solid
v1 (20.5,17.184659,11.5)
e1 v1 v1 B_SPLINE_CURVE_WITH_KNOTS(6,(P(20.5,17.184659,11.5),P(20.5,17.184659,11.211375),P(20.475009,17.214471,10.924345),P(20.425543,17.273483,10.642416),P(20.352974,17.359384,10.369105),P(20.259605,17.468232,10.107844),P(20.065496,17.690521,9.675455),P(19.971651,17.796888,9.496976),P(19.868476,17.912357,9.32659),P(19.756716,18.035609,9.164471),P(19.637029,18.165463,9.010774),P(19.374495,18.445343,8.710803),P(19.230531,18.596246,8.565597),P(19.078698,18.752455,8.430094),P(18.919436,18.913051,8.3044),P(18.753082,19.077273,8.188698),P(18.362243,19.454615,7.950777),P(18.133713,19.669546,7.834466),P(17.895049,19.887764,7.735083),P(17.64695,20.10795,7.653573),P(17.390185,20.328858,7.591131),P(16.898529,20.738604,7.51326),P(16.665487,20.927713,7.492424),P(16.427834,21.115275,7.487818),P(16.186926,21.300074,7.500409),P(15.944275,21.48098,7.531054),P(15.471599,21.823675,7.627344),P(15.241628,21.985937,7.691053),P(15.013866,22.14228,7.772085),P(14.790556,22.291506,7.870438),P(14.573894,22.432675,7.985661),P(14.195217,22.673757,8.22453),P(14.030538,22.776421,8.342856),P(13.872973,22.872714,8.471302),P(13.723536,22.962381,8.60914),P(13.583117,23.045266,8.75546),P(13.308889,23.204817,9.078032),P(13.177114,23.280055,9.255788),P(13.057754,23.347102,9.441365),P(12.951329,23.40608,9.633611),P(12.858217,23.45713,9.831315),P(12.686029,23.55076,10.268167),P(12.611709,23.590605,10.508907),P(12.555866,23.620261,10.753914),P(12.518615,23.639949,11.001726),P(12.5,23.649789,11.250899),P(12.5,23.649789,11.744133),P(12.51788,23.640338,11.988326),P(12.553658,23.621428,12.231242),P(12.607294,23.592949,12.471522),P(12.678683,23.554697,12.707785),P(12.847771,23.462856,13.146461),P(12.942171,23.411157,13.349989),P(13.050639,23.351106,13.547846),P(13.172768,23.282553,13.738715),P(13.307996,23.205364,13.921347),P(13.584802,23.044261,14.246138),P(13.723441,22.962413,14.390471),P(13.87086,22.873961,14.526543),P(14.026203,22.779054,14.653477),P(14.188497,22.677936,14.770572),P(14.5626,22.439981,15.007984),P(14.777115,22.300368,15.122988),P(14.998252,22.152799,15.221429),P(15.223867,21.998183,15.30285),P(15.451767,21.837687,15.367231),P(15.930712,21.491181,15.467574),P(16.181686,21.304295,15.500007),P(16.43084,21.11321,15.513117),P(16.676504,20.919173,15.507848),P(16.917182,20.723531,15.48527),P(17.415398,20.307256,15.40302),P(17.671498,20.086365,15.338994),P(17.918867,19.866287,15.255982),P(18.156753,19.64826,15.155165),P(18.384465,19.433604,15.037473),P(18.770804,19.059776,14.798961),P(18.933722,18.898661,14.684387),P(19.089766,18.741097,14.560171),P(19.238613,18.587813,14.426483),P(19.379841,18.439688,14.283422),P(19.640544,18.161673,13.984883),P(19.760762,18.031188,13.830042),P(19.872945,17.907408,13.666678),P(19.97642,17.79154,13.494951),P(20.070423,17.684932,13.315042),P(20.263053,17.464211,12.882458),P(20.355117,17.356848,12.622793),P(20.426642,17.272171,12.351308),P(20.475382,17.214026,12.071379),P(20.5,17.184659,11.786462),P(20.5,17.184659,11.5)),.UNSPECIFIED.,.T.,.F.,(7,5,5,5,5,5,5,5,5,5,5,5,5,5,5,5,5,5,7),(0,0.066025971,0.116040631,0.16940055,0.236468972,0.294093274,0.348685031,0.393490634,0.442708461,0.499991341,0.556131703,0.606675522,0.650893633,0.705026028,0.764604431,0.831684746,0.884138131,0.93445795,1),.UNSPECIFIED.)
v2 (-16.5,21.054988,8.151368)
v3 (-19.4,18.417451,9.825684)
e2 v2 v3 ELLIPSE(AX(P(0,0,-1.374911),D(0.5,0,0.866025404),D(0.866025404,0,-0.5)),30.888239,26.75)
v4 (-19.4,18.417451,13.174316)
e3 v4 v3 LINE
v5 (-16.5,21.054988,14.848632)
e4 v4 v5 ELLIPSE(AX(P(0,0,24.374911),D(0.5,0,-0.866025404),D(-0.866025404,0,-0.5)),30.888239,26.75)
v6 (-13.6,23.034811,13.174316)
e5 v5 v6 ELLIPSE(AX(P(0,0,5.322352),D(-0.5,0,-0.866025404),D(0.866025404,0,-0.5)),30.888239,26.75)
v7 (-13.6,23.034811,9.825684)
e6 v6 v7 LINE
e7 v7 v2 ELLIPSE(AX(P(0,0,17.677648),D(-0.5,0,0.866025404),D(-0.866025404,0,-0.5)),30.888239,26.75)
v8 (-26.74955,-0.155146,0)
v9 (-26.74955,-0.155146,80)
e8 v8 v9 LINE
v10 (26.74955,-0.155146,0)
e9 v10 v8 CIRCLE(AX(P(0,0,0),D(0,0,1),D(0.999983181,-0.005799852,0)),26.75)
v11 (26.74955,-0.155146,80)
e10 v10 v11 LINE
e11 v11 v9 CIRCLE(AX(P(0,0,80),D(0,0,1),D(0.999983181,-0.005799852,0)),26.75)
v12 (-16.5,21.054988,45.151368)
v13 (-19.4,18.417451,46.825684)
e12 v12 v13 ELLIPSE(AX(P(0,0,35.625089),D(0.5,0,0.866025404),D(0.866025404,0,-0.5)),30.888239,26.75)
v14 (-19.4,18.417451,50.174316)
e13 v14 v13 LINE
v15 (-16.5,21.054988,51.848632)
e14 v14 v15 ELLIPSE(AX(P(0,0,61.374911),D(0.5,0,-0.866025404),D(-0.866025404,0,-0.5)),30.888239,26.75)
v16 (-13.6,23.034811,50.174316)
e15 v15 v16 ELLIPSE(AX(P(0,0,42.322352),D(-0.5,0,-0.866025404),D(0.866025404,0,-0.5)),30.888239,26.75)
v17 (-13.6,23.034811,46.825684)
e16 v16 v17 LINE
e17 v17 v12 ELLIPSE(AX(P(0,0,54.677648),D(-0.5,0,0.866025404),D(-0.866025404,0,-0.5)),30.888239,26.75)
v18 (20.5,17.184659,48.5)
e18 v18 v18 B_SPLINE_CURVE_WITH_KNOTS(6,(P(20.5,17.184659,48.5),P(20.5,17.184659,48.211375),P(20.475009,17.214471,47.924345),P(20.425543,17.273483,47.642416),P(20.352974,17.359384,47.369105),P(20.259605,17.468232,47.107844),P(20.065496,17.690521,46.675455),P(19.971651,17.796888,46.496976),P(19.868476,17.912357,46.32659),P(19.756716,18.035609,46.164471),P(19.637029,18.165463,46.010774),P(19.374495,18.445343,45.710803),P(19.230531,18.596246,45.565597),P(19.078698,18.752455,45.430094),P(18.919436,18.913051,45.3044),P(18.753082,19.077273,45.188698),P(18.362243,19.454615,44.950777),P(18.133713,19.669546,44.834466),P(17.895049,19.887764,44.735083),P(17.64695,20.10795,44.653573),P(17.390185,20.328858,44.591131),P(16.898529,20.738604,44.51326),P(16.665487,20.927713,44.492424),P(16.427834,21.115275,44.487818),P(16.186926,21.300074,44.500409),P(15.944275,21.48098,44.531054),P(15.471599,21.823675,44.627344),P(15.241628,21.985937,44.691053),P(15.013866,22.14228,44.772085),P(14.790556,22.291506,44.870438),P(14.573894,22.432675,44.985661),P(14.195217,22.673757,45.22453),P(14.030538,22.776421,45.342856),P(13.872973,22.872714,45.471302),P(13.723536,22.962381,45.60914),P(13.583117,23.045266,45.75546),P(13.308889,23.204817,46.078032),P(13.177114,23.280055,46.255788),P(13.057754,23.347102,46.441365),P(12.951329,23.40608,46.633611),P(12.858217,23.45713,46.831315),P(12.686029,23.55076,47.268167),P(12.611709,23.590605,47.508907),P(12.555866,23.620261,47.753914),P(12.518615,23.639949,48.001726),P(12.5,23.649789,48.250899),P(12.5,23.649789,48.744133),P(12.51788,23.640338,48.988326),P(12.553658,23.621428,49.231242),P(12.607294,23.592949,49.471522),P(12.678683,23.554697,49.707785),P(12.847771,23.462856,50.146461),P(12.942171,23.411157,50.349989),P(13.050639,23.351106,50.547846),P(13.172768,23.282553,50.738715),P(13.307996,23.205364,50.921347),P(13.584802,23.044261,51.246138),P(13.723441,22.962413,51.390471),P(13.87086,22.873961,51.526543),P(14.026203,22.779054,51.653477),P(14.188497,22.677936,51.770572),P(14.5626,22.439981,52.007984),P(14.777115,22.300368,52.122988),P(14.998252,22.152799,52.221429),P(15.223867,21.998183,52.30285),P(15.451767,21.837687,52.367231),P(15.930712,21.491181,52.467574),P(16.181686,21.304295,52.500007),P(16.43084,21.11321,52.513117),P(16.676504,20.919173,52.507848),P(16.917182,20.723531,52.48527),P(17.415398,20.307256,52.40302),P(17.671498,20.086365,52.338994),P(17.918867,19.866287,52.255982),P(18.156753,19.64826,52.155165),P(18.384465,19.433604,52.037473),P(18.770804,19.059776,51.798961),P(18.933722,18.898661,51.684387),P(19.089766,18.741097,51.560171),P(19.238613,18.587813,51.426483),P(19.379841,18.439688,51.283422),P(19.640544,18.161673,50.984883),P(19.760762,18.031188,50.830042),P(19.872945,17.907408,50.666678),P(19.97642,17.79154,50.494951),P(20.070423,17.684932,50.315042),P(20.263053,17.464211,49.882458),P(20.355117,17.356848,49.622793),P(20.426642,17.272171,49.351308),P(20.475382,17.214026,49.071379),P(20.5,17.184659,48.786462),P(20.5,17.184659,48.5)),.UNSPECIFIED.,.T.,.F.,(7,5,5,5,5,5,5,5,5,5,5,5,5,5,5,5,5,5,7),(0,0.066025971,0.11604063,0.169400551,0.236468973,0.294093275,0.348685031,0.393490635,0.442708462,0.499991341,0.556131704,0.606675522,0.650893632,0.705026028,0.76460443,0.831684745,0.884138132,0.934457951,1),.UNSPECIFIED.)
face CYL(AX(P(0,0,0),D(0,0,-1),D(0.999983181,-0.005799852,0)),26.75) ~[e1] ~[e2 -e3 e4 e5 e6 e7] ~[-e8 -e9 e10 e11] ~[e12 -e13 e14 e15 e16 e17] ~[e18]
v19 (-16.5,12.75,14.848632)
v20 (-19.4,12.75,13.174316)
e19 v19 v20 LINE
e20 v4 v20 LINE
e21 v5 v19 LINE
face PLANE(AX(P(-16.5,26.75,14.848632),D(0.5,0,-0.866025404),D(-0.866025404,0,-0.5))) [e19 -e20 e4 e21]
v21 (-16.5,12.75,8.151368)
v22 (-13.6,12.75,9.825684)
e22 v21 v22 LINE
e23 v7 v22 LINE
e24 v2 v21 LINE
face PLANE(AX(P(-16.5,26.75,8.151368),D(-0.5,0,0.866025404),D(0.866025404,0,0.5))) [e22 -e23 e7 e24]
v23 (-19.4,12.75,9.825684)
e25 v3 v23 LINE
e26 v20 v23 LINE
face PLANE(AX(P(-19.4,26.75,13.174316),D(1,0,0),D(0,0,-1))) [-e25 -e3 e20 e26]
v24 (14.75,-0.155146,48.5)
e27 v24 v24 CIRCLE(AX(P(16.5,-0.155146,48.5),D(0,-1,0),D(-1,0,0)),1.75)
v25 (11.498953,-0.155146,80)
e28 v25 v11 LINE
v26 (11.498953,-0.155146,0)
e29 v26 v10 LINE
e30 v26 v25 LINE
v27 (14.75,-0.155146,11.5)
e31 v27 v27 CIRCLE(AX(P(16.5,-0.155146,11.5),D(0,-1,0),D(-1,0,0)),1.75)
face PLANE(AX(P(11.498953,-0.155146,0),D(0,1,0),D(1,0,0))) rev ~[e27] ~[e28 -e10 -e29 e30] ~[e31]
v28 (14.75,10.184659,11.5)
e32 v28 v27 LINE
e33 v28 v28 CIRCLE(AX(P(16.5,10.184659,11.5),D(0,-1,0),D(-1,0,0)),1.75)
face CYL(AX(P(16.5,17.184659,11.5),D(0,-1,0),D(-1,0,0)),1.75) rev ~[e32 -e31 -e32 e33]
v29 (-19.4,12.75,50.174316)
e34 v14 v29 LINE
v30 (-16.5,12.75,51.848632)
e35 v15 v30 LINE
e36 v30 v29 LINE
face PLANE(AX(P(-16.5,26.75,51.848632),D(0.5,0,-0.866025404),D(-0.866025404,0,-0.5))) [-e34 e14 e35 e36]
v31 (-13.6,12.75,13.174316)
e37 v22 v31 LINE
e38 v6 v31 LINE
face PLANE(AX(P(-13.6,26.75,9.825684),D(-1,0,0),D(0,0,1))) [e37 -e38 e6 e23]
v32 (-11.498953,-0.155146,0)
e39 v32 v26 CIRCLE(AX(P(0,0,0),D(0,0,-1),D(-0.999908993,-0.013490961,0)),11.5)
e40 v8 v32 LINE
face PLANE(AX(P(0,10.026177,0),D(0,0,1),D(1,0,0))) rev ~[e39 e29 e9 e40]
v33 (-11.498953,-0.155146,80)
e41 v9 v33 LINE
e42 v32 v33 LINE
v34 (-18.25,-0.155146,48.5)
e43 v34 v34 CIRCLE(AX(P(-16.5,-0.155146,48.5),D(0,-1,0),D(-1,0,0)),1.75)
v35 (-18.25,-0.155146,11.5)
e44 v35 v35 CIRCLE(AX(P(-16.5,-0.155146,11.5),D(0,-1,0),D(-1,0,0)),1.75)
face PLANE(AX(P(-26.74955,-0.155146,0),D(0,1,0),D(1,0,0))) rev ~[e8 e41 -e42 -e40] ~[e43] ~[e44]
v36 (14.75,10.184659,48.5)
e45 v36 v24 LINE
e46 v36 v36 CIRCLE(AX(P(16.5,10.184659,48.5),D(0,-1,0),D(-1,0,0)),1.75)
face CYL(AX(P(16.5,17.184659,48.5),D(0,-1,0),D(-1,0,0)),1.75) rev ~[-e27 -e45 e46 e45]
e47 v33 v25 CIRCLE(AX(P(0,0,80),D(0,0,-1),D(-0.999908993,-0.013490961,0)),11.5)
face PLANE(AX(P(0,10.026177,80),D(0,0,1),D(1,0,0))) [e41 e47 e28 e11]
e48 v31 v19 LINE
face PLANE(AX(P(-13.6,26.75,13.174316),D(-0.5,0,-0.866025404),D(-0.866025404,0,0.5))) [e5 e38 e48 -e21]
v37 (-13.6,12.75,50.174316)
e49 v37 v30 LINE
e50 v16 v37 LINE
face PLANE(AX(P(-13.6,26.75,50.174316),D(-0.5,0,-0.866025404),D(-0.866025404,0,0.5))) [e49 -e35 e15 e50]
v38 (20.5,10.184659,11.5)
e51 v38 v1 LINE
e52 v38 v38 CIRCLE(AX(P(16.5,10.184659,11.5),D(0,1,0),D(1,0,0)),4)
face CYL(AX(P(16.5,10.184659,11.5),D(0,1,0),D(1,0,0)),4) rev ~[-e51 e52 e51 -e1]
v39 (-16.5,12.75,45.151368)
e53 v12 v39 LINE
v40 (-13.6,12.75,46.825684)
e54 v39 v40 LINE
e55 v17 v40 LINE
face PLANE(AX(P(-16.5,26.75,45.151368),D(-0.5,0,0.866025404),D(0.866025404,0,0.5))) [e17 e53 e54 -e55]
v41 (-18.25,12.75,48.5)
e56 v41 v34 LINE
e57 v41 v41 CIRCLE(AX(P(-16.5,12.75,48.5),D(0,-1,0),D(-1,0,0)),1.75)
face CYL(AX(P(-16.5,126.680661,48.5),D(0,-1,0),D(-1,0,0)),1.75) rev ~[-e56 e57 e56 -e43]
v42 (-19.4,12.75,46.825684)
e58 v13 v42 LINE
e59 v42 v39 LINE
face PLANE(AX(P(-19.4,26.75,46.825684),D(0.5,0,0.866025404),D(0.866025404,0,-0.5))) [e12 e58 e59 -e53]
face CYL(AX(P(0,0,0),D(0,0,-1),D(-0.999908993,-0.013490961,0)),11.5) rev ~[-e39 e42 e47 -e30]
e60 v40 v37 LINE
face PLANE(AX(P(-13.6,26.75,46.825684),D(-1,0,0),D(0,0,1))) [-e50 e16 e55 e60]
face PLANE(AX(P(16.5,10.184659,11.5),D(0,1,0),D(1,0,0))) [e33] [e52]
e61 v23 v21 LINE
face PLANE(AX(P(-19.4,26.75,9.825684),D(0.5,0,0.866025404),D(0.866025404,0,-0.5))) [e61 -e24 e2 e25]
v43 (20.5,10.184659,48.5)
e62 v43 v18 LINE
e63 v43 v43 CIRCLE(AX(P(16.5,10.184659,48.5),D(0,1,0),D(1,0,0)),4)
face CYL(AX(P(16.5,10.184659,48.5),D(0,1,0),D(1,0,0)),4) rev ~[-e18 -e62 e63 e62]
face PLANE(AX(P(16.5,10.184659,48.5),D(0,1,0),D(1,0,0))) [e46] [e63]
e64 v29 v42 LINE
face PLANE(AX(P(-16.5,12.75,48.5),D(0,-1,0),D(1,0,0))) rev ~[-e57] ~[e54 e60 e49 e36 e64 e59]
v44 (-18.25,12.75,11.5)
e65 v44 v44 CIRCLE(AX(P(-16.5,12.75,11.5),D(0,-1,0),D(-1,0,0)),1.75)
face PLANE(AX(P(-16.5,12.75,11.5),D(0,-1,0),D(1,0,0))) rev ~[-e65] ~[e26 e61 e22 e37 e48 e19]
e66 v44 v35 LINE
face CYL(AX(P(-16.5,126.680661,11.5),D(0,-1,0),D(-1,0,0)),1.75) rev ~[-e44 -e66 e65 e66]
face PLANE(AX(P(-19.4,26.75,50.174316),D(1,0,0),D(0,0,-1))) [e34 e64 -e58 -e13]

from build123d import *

# Parameters (mm, degrees)
F1_DEPTH       = 80
F4_D           = 3.5
F4_START       = 9.5653412
F4_CBORE_D     = 8
F4_CBORE_DEPTH = 7
F5_D           = 3.5
F6_DEPTH       = 25
F7_DEPTH       = 14


with BuildPart() as f1:
    # F0 (on Top) → F1 (new body)
    with BuildSketch(Plane.XY):
        with BuildLine():
            Line((11.4989534177, -0.1551460505), (26.7495500841, -0.1551460505))
            ThreePointArc((26.7495500841, -0.1551460505), (0, 26.75), (-26.7495500841, -0.1551460505))
            Line((-26.7495500841, -0.1551460505), (-11.4989534177, -0.1551460505))
            ThreePointArc((-11.4989534177, -0.1551460505), (0, 11.5), (11.4989534177, -0.1551460505))
        make_face()
    extrude(amount=F1_DEPTH)

    # F4 (through all)
    # its depths count from where the whole tool has entered the part; down to there all is cleared
    with Locations(Plane(origin=(0, 26.75, 0), x_dir=(1, 0, 0), z_dir=(0, 1, 0)).offset(-F4_START)):
        with Locations((16.5, -48.5), (16.5, -11.5)):
            CounterBoreHole(F4_D / 2, F4_CBORE_D / 2, F4_CBORE_DEPTH)

    # F5 (through all)
    with Locations(Plane(origin=(0, 26.75, 0), x_dir=(1, 0, 0), z_dir=(0, 1, 0))):
        with Locations((-16.5, -48.5), (-16.5, -11.5)):
            Hole(F5_D / 2)

    # F3 (on offset) → F6 (cut)
    with BuildSketch(Plane.XZ.offset(-26.75)):
        Polygon((-16.5, 45.1513684387), (-13.6, 46.8256842194), (-13.6, 50.1743157806), (-16.5, 51.8486315613), (-19.4, 50.1743157806), (-19.4, 46.8256842194), align=None)
    extrude(amount=-F6_DEPTH, mode=Mode.SUBTRACT)

    # F3 (on offset) → F7 (cut)
    with BuildSketch(Plane.XZ.offset(-26.75)):
        Polygon((-16.5, 45.1513684387), (-13.6, 46.8256842194), (-13.6, 50.1743157806), (-16.5, 51.8486315613), (-19.4, 50.1743157806), (-19.4, 46.8256842194), align=None)
        Polygon((-16.5, 8.1513684387), (-13.6, 9.8256842194), (-13.6, 13.1743157806), (-16.5, 14.8486315613), (-19.4, 13.1743157806), (-19.4, 9.8256842194), align=None)
    extrude(amount=F7_DEPTH, mode=Mode.SUBTRACT)


solid = f1.part
